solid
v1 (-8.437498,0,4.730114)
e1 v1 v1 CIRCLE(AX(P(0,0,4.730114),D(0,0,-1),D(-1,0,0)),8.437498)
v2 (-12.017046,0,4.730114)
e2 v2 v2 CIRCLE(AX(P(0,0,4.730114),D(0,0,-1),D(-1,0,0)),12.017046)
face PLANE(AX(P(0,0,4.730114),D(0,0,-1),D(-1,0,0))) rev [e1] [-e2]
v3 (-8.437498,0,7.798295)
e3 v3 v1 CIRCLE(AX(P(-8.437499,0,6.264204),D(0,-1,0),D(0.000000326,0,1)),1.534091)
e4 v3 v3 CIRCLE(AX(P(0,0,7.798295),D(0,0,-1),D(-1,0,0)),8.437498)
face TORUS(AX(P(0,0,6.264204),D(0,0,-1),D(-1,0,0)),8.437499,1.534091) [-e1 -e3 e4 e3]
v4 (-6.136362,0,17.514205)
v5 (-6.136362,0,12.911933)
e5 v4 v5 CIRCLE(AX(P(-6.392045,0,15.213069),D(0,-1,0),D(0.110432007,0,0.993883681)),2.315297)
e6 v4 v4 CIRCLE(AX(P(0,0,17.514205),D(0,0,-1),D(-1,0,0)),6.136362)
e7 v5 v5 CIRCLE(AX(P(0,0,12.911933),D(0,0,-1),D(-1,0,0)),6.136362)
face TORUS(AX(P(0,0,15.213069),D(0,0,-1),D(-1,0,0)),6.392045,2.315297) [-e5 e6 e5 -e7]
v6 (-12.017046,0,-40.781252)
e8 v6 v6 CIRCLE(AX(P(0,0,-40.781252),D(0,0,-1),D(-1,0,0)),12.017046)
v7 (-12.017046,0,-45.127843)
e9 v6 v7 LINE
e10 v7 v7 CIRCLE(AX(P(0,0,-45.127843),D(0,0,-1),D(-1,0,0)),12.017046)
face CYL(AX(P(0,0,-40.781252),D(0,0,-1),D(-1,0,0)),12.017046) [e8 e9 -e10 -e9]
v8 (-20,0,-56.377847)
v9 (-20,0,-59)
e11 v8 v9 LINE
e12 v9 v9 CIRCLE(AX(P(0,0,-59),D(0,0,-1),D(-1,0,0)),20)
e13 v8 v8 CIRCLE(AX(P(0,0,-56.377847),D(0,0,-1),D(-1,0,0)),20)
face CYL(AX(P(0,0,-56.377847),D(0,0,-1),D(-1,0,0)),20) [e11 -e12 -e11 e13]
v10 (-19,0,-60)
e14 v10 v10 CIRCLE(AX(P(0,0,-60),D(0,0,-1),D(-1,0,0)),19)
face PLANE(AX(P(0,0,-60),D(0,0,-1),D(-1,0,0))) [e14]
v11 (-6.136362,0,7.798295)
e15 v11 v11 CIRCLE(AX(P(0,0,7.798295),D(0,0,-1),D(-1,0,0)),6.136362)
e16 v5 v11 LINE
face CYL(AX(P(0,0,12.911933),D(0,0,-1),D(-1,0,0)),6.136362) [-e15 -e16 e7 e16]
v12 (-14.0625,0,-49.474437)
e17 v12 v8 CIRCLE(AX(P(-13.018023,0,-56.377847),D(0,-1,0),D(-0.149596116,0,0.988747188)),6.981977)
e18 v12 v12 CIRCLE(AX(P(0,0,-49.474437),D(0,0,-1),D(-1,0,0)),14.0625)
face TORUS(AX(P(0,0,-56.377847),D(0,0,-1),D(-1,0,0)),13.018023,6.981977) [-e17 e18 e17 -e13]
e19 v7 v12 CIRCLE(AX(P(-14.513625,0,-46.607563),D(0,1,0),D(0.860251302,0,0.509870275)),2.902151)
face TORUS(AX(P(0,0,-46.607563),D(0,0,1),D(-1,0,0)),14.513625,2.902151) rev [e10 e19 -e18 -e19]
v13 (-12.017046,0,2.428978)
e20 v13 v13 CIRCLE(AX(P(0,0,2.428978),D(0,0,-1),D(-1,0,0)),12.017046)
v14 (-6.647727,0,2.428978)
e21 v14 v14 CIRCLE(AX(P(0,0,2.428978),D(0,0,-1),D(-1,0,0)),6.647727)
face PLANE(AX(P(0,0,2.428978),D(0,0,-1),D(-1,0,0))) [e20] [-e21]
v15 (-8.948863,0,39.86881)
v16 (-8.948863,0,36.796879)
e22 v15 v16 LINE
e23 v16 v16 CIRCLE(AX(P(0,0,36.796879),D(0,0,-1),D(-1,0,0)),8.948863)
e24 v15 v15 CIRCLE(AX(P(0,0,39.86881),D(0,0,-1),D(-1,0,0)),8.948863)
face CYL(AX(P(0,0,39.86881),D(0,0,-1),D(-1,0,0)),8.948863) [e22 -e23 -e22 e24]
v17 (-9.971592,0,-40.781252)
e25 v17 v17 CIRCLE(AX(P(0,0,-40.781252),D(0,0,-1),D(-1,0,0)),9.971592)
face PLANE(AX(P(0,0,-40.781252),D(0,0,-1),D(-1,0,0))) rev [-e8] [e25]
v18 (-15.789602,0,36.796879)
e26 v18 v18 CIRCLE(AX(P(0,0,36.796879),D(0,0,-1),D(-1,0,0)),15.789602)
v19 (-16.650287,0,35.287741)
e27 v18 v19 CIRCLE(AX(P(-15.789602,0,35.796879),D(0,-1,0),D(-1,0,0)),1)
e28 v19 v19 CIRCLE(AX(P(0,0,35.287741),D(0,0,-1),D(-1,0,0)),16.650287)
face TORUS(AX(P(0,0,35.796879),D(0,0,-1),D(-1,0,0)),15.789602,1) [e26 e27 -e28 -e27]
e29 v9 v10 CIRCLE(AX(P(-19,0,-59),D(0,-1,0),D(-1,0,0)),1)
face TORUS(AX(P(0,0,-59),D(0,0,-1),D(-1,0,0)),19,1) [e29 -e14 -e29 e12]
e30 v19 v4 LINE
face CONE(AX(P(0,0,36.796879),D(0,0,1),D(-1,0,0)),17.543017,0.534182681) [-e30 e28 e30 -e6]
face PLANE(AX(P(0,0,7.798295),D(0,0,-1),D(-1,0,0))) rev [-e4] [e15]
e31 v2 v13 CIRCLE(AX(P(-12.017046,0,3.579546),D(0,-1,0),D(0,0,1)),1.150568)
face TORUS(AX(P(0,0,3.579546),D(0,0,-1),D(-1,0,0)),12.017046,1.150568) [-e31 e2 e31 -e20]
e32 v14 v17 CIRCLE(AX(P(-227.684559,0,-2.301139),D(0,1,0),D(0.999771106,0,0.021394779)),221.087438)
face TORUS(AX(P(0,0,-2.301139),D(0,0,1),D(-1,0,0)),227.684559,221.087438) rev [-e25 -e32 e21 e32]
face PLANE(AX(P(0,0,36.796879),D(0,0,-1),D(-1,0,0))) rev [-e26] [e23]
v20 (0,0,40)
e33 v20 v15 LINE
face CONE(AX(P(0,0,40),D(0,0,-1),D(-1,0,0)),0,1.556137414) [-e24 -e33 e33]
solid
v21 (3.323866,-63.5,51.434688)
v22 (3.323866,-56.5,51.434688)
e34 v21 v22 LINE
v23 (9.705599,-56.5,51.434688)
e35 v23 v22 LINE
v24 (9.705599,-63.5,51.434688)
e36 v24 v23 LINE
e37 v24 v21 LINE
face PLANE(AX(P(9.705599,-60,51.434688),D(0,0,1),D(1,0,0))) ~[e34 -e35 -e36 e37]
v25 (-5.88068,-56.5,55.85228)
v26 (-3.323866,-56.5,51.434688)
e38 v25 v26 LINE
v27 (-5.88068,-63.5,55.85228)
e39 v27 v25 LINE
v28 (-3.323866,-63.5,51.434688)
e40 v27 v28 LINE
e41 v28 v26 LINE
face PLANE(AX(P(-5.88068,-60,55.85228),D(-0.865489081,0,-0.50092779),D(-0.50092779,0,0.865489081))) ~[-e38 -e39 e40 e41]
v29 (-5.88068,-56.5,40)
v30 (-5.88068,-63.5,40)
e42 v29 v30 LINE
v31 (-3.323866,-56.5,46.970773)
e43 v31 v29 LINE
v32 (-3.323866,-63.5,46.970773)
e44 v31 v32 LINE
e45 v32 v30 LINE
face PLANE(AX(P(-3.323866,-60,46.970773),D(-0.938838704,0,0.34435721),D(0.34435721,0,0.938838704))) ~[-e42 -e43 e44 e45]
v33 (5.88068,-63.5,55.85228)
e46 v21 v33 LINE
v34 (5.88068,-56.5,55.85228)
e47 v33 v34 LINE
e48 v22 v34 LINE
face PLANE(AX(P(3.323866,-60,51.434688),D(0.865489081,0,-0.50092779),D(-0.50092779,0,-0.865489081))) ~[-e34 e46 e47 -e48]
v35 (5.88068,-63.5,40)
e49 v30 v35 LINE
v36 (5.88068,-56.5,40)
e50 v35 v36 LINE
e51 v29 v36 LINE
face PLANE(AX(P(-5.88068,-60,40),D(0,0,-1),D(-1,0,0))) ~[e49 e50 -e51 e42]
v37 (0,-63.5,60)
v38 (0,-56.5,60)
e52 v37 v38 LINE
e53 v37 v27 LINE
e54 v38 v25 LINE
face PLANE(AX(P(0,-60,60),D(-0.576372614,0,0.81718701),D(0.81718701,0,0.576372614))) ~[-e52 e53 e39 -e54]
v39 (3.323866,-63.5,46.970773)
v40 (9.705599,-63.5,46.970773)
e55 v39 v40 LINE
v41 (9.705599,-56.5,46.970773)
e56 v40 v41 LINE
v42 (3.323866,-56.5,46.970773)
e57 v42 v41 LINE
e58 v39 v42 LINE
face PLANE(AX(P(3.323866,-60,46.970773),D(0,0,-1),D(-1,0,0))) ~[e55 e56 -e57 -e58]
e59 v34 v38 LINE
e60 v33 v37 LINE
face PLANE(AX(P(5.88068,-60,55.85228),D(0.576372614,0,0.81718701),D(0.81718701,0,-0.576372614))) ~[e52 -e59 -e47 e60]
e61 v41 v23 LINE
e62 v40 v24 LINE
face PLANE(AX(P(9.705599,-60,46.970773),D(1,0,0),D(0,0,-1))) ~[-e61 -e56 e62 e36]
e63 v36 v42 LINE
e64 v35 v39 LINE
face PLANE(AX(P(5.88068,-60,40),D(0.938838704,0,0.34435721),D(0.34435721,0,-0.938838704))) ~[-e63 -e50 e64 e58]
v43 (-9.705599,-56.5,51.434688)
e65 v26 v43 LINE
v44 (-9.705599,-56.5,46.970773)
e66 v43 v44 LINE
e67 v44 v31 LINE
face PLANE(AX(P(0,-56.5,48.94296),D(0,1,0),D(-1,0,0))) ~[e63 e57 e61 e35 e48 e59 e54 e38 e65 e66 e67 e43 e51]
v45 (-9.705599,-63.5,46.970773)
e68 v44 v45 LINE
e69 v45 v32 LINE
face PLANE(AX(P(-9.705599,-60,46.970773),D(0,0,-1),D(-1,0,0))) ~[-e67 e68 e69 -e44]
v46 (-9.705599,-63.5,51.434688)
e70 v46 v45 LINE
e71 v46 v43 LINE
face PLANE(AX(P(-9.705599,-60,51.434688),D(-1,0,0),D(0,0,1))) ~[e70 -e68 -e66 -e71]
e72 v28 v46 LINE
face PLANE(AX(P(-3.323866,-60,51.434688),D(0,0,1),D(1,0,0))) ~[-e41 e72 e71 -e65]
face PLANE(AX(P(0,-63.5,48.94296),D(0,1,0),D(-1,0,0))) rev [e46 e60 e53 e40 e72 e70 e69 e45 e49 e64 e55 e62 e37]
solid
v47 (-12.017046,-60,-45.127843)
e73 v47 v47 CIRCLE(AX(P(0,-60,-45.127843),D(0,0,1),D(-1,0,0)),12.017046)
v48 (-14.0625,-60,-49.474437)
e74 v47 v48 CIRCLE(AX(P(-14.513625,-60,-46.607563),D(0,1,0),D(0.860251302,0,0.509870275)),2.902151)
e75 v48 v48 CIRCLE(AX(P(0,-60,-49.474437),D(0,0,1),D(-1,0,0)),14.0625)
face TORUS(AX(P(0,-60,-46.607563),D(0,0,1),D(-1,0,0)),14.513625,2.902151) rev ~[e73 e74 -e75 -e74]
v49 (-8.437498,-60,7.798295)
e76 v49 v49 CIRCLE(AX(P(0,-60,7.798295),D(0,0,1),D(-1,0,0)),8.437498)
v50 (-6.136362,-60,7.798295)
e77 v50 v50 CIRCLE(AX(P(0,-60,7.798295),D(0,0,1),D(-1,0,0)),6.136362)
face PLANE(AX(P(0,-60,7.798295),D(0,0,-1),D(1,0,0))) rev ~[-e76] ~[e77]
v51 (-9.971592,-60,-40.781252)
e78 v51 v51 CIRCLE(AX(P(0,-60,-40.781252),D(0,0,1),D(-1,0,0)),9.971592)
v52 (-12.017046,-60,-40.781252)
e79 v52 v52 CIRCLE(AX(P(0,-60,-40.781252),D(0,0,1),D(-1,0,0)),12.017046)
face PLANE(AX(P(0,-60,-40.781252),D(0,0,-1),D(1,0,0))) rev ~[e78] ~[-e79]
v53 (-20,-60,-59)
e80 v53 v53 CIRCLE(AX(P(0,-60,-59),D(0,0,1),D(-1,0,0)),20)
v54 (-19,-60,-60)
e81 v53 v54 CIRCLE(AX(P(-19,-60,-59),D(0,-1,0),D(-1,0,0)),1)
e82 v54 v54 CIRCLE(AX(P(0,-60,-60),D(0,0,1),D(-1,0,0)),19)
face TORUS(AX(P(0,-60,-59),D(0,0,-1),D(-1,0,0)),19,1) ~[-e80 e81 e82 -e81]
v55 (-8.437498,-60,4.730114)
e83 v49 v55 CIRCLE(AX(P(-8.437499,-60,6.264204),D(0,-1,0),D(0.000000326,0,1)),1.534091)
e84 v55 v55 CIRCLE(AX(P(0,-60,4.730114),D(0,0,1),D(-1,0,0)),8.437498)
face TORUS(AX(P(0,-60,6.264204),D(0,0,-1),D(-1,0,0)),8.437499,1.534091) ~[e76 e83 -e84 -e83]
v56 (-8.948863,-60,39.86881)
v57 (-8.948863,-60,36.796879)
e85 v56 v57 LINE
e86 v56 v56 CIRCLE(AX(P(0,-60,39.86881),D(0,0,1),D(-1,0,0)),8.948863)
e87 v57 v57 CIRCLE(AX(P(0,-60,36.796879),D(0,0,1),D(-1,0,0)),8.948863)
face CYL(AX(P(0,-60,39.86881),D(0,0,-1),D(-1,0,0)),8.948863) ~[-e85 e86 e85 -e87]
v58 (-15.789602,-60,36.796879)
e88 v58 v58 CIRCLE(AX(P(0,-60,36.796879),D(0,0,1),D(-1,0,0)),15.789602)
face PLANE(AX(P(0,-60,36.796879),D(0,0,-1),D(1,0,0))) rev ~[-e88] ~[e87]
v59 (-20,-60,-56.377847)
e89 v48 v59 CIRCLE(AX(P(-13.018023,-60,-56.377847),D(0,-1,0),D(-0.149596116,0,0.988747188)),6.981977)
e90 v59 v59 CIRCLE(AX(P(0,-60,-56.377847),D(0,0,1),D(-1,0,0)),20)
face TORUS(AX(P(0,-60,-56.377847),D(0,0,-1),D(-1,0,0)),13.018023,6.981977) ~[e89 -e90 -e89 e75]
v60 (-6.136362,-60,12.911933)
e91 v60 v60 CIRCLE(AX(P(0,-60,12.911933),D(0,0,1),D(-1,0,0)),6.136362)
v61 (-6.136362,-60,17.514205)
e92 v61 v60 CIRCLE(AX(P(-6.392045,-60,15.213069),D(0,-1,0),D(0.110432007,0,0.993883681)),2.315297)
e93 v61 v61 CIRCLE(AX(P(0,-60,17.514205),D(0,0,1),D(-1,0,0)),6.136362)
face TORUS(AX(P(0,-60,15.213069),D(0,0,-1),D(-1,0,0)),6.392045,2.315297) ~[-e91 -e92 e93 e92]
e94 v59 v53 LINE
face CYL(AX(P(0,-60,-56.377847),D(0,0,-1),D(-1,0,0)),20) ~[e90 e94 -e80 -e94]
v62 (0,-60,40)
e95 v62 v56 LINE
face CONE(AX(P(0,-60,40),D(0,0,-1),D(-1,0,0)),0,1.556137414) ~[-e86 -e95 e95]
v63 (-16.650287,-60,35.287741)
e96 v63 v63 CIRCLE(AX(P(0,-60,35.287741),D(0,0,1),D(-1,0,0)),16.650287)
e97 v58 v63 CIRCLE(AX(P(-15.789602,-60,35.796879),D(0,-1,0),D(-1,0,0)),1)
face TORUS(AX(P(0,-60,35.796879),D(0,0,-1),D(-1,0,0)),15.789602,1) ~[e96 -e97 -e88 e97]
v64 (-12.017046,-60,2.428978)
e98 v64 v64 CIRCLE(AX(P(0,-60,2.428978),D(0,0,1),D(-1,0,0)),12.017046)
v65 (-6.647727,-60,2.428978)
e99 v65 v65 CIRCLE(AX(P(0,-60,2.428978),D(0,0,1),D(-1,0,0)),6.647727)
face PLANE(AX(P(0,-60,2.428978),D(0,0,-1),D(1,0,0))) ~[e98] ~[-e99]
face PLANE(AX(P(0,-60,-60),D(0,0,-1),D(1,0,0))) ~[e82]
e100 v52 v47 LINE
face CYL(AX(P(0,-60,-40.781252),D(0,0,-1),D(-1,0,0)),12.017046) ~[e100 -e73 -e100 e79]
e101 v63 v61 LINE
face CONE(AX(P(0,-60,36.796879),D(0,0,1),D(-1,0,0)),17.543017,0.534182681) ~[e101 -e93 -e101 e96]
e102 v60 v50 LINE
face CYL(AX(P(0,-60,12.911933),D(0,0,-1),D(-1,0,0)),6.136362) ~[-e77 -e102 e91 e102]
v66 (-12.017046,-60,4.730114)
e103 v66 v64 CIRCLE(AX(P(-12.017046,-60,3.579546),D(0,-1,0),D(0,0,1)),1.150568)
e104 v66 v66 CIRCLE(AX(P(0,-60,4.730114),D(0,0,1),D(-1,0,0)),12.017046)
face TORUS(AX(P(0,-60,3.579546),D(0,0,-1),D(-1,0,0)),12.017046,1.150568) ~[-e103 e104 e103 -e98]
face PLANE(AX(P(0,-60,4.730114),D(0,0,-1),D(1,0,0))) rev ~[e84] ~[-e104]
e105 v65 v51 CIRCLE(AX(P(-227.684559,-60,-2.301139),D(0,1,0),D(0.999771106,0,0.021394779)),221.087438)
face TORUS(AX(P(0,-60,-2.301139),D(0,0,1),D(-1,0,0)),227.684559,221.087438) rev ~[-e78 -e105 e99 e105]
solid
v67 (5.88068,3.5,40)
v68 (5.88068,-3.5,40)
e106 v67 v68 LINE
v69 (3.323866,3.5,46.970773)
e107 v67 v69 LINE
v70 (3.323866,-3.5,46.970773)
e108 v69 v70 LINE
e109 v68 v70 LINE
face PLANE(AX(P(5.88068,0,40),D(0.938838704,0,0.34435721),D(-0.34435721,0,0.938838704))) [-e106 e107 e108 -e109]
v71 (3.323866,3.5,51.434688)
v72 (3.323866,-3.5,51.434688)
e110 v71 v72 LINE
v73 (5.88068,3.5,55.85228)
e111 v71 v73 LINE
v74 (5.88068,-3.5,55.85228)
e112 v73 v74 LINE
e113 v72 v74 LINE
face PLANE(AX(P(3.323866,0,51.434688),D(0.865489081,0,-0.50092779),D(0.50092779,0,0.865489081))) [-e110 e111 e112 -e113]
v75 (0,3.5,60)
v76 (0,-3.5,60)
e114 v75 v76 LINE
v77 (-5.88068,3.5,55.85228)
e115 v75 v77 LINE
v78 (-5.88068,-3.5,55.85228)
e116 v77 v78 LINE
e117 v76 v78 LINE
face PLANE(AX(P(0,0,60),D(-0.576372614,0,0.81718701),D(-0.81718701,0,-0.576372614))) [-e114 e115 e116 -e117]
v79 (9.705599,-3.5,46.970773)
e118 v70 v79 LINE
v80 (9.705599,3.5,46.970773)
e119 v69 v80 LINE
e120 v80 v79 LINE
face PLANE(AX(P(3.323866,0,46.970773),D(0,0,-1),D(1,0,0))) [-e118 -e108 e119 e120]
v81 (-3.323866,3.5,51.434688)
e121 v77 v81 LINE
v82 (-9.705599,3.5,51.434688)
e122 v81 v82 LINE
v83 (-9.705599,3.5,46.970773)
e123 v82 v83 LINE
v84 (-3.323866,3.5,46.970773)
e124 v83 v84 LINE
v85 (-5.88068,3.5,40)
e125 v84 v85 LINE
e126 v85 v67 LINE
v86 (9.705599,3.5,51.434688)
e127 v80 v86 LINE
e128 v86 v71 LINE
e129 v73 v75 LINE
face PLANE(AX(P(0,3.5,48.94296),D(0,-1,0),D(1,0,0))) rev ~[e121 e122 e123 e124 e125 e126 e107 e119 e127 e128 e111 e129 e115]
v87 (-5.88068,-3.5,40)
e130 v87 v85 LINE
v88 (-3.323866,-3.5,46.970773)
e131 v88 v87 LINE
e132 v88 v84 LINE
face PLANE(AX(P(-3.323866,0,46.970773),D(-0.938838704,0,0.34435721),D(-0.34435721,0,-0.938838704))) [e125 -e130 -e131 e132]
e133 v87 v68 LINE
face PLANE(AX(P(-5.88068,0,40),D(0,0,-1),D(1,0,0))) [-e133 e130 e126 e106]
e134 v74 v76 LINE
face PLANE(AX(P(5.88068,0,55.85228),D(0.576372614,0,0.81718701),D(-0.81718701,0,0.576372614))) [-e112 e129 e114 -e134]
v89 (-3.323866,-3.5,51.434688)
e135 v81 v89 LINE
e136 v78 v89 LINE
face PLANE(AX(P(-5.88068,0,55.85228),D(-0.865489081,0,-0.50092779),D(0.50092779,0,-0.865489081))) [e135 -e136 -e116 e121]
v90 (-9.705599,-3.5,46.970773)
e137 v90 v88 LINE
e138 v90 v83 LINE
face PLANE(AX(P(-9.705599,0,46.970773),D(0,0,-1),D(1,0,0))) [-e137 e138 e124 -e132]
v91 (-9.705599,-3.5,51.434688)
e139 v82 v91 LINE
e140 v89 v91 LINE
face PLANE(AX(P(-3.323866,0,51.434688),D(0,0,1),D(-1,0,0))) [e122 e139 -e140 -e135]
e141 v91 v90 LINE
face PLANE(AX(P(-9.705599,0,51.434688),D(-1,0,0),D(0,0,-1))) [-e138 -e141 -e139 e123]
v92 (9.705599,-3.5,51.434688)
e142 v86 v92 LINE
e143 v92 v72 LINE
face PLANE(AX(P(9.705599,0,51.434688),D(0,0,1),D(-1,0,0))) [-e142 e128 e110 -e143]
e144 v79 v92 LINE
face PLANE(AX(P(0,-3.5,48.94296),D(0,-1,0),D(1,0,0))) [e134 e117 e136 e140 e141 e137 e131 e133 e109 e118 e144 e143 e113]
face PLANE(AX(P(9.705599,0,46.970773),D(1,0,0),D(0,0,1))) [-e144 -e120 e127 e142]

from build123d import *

# Parameters (mm, degrees)
F3_DEPTH = 3.5
F4_R     = 1


with BuildPart() as f1:
    # F0 (on Front) → F1 (revolve)
    with BuildSketch(Plane.XZ):
        with BuildLine():
            Line((0, -60), (0, 40))
            Line((0, 40), (-8.948863, 39.86881))
            Line((-8.948863, 39.86881), (-8.948863, 36.796879))
            Line((-8.948863, 36.796879), (-17.543017, 36.796879))
            Line((-17.543017, 36.796879), (-6.136362, 17.514205))
            ThreePointArc((-6.136362, 17.514205), (-8.707342, 15.213069), (-6.136362, 12.911933))
            Line((-6.136362, 12.911933), (-6.136362, 7.798295))
            Line((-6.136362, 7.798295), (-8.437498, 7.798295))
            ThreePointArc((-8.437498, 7.798295), (-9.971589, 6.264205), (-8.437498, 4.730114))
            Line((-8.437498, 4.730114), (-12.017046, 4.730114))
            ThreePointArc((-12.017046, 4.730114), (-13.167614, 3.579546), (-12.017046, 2.428978))
            Line((-12.017046, 2.428978), (-6.647727, 2.428978))
            ThreePointArc((-6.647727, 2.428978), (-7.248338, -19.257777), (-9.971592, -40.781252))
            Line((-9.971592, -40.781252), (-12.017046, -40.781252))
            Line((-12.017046, -40.781252), (-12.017046, -45.127843))
            ThreePointArc((-12.017046, -45.127843), (-11.887704, -47.843289), (-14.0625, -49.474437))
            ThreePointArc((-14.0625, -49.474437), (-18.311439, -51.825073), (-20, -56.377847))
            Line((-20, -56.377847), (-20, -60))
            Line((-20, -60), (0, -60))
        make_face()
    revolve(axis=Axis((0, 0, -10.866478), (0, 0, -1)))

    # F2 (on Front) → F3 (join, symmetric)
    with BuildSketch(Plane.XZ):
        Polygon((-5.88068, 40), (0, 40), (5.88068, 40), (3.323866, 46.970773), (9.705599, 46.970773), (9.705599, 51.434688), (3.323866, 51.434688), (5.88068, 55.85228), (0, 60), (-5.88068, 55.85228), (-3.323866, 51.434688), (-9.705599, 51.434688), (-9.705599, 46.970773), (-3.323866, 46.970773), align=None)
    extrude(amount=F3_DEPTH, both=True)

    # F4
    f4_edges = [f1.edges().sort_by_distance(p)[0] for p in [
        (17.543017, 0, 36.796879),
        (20, 0, -60),
    ]]
    fillet(f4_edges, radius=F4_R)


with BuildPart() as f6_1:
    # F6: instance of F1
    add(f1.part.mirror(Plane.XZ.offset(30)))


solid = Compound([f1.part, f6_1.part])
